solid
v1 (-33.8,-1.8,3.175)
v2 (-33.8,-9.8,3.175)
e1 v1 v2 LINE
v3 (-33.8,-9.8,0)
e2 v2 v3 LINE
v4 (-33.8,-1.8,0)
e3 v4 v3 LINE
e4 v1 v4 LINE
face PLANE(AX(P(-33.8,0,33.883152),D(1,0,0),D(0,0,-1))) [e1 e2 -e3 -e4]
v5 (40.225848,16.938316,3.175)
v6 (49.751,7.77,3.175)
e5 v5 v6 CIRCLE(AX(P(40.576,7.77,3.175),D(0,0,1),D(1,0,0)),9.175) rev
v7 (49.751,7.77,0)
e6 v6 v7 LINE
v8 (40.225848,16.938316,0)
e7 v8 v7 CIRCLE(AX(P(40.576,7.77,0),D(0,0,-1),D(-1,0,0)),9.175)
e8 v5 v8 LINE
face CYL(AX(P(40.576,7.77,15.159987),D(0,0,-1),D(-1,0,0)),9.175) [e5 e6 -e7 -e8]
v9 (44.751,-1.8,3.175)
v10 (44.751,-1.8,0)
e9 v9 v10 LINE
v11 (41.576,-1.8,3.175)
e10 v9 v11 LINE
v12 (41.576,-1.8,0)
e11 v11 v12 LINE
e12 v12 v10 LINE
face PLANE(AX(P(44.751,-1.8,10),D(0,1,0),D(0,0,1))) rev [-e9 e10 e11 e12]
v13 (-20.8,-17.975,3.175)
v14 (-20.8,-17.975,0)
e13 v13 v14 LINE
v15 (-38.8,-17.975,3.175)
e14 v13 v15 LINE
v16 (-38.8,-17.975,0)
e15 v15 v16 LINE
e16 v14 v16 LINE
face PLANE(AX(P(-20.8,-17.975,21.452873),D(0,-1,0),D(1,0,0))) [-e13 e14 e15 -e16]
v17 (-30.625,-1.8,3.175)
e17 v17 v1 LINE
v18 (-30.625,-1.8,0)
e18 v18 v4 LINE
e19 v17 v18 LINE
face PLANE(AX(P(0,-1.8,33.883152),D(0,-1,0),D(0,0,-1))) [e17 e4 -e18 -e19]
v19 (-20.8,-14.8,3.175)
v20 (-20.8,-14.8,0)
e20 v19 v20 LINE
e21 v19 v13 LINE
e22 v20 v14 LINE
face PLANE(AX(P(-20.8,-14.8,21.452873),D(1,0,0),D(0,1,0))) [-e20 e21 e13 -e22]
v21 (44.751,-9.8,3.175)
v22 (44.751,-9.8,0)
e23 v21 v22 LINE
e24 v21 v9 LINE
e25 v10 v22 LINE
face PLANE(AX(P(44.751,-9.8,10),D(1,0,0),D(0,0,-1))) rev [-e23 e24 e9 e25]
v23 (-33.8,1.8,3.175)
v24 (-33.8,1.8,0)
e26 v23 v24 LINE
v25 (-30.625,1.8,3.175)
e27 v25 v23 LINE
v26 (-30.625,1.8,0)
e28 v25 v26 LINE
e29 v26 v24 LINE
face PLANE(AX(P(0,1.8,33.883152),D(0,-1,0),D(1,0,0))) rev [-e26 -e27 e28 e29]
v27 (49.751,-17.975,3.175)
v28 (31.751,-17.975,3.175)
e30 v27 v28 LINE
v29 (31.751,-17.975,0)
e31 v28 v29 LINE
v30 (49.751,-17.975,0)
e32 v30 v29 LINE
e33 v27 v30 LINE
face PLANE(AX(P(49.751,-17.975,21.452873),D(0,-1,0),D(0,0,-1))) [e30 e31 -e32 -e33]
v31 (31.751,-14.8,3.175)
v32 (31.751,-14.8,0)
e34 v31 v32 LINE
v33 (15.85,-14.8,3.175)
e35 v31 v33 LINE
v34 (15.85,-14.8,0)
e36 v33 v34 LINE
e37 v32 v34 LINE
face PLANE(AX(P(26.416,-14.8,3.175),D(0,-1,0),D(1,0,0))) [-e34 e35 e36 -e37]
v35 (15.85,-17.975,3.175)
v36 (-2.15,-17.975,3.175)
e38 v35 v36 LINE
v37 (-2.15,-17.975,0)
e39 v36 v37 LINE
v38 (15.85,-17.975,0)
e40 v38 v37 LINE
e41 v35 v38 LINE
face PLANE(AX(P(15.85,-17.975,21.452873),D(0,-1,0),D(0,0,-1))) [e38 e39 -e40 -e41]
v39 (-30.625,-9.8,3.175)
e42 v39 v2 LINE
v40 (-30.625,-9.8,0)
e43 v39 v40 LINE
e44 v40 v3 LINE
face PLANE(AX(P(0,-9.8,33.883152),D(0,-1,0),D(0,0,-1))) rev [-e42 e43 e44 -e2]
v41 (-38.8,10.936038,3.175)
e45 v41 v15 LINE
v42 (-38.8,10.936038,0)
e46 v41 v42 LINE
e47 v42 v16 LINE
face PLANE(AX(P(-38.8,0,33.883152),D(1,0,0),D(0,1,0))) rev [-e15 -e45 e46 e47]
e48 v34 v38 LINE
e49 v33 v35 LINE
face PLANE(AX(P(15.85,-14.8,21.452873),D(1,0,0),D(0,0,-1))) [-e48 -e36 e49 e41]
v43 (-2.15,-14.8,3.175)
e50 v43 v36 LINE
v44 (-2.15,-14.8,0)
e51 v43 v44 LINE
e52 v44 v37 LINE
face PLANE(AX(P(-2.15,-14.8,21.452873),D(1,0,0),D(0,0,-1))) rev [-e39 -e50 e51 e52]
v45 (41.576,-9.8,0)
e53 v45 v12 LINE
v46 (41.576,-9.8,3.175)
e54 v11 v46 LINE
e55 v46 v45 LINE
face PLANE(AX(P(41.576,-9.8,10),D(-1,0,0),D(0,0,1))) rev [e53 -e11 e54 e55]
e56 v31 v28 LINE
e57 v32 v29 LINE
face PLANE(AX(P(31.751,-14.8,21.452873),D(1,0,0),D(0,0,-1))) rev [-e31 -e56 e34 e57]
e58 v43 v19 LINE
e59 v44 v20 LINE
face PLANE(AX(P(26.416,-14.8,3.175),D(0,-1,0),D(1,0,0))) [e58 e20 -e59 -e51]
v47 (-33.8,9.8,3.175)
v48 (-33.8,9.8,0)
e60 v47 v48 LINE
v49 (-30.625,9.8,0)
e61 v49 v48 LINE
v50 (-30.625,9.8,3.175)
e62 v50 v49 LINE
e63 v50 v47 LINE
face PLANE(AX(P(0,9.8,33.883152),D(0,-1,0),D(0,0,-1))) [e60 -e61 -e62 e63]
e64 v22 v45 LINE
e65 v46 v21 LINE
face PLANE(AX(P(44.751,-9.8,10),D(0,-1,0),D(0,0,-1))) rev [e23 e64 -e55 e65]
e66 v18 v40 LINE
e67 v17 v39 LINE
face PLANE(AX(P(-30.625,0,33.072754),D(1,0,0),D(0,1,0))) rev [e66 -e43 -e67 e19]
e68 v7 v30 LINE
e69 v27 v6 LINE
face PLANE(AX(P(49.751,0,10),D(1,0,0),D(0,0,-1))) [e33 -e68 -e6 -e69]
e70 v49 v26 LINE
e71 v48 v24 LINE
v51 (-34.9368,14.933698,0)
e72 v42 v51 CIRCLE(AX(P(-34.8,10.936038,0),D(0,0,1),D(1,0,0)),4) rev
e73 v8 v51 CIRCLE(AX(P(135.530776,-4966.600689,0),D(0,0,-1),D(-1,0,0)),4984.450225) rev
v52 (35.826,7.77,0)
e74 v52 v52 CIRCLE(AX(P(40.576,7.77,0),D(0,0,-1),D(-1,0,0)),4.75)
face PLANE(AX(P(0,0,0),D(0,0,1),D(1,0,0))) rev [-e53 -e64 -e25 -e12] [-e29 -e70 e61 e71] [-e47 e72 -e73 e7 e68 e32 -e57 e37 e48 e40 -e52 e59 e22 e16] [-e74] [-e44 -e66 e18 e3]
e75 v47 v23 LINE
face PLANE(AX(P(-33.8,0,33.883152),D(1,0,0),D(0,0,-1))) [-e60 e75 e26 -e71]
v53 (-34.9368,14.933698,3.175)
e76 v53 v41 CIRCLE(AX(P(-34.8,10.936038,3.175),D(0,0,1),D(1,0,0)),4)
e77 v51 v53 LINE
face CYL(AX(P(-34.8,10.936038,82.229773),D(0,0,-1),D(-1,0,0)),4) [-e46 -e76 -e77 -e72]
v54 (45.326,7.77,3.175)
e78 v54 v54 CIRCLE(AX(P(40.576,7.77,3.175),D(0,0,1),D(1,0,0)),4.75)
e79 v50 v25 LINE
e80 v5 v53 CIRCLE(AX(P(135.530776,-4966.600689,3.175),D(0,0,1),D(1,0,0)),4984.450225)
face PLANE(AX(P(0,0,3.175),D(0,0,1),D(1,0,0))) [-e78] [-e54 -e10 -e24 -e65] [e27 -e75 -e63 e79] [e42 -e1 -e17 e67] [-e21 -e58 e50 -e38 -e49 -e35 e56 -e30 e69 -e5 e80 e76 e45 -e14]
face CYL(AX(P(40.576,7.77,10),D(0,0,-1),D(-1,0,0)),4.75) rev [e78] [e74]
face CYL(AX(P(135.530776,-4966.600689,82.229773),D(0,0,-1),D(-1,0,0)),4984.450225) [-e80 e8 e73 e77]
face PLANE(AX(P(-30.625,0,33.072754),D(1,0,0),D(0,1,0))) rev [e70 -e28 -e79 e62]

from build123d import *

# Parameters (mm, degrees)
SKETCH1_W            = 6.266
SKETCH1_H            = 19.6
SKETCH1_R            = 1.675
SKETCH1_W_2          = 52.832
SKETCH1_H_2          = 5
BOSS_EXTRUDE2_DEPTH  = 3.175
SKETCH3_W            = 30
SKETCH3_H            = 29.6
BOSS_EXTRUDE3_DEPTH  = 3.175
SKETCH4_R            = 4.75
CUT_EXTRUDE1_DEPTH   = 10
BOSS_EXTRUDE14_DEPTH = 3.175
CUT_EXTRUDE8_DEPTH   = 10
BOSS_EXTRUDE15_DEPTH = 3.175
BOSS_EXTRUDE16_DEPTH = 3.175
BOSS_EXTRUDE17_DEPTH = 3.175
FILLET5_R            = 4
SKETCH27_W           = 3.175
SKETCH27_H           = 8
CUT_EXTRUDE9_DEPTH   = 10
SKETCH28_W           = 18
SKETCH28_H           = 3.175
BOSS_EXTRUDE18_DEPTH = 3.175
SKETCH29_W           = 53.813797415
SKETCH29_H           = 23.475817665
BOSS_EXTRUDE19_DEPTH = 3.175


with BuildPart() as part:
    # Sketch1 → Boss-Extrude2 (new body)
    # profile 1 of 4: a face of its own
    with BuildSketch(Plane.XY):
        with Locations((-23.283, 0)):
            Rectangle(SKETCH1_W, SKETCH1_H)
        with Locations((-23.95, -4.974)):
            Circle(SKETCH1_R, mode=Mode.SUBTRACT)
        with Locations((-23.95, 4.974)):
            Circle(SKETCH1_R, mode=Mode.SUBTRACT)
    # profile 2 of 4: a face of its own
    with BuildSketch(Plane.XY):
        with Locations((23.283, 0)):
            Rectangle(SKETCH1_W, SKETCH1_H)
        with Locations((23.95, -4.974)):
            Circle(SKETCH1_R, mode=Mode.SUBTRACT)
        with Locations((23.95, 4.974)):
            Circle(SKETCH1_R, mode=Mode.SUBTRACT)
    # profile 3 of 4: a face of its own
    with BuildSketch(Plane.XY):
        with Locations((0, 12.3)):
            Rectangle(SKETCH1_W_2, SKETCH1_H_2)
    # profile 4 of 4: a face of its own
    with BuildSketch(Plane.XY):
        with Locations((0, -12.3)):
            Rectangle(SKETCH1_W_2, SKETCH1_H_2)
    extrude(amount=BOSS_EXTRUDE2_DEPTH)

    # Sketch3 → Boss-Extrude3 (add)
    with BuildSketch(Plane.XY.offset(3.175)):
        with Locations((41.416, 0)):
            Rectangle(SKETCH3_W, SKETCH3_H)
    extrude(amount=-BOSS_EXTRUDE3_DEPTH)

    # Sketch4 → Cut-Extrude1 (cut)
    with BuildSketch(Plane(origin=(0, 0, 0), x_dir=(-1, 0, 0), z_dir=(0, 0, -1))):
        with Locations((-40.576, 7.77)):
            Circle(SKETCH4_R)
    extrude(amount=-CUT_EXTRUDE1_DEPTH, mode=Mode.SUBTRACT)

    # Sketch22 → Boss-Extrude14 (add)
    with BuildSketch(Plane(origin=(0, 0, 0), x_dir=(-1, 0, 0), z_dir=(0, 0, -1))):
        with BuildLine():
            ThreePointArc((-34.680262133, 14.8), (-40.576, 16.945), (-46.471737867, 14.8))
            Line((-46.471737867, 14.8), (-34.680262133, 14.8))
        make_face()
    extrude(amount=-BOSS_EXTRUDE14_DEPTH)

    # Sketch23 → Cut-Extrude8 (cut)
    with BuildSketch(Plane(origin=(0, 0, 0), x_dir=(-1, 0, 0), z_dir=(0, 0, -1))):
        with BuildLine():
            Line((-49.751, -14.8), (-49.751, 7.77))
            ThreePointArc((-49.751, 7.77), (-48.890866804, 11.648609936), (-46.471737867, 14.8))
            Line((-46.471737867, 14.8), (-56.416, 14.8))
            Line((-56.416, 14.8), (-56.416, -14.8))
            Line((-56.416, -14.8), (-49.751, -14.8))
        make_face()
    extrude(amount=-CUT_EXTRUDE8_DEPTH, mode=Mode.SUBTRACT)

    # Sketch24 → Boss-Extrude15 (add)
    with BuildSketch(Plane(origin=(0, 0, 0), x_dir=(-1, 0, 0), z_dir=(0, 0, -1))):
        Polygon((30.625, 14.8), (26.416, 14.8), (26.416, -14.8), (27.751006616, -14.8), (30.625, -14.8), align=None)
    extrude(amount=-BOSS_EXTRUDE15_DEPTH)

    # Sketch25 → Boss-Extrude16 (add)
    with BuildSketch(Plane(origin=(0, 0, 0), x_dir=(-1, 0, 0), z_dir=(0, 0, -1))):
        Polygon((30.625, 14.8), (30.625, 9.8), (33.8, 9.8), (33.8, 1.8), (30.625, 1.8), (30.625, -1.8), (33.8, -1.8), (33.8, -9.8), (30.625, -9.8), (30.625, -14.8), (31.879074074, -14.8), (38.8, -14.8), (38.8, 14.8), align=None)
    extrude(amount=-BOSS_EXTRUDE16_DEPTH)

    # Sketch26 → Boss-Extrude17 (add)
    with BuildSketch(Plane(origin=(0, 0, 0), x_dir=(-1, 0, 0), z_dir=(0, 0, -1))):
        with BuildLine():
            ThreePointArc((-40.225848077, 16.938316019), (-37.275108655, 16.330650754), (-34.680262133, 14.8))
            Line((-34.680262133, 14.8), (38.8, 14.8))
            ThreePointArc((38.8, 14.8), (-0.708684686, 16.025831975), (-40.225848077, 16.938316019))
        make_face()
    extrude(amount=-BOSS_EXTRUDE17_DEPTH)

    # Fillet5
    fillet5_edges = [part.edges().sort_by_distance(p)[0] for p in [
        (-38.8, 14.8, 1.5875),
    ]]
    fillet(fillet5_edges, radius=FILLET5_R)

    # Sketch27 → Cut-Extrude9 (cut)
    with BuildSketch(Plane(origin=(0, 0, 0), x_dir=(-1, 0, 0), z_dir=(0, 0, -1))):
        with Locations((-43.1635, -5.8)):
            Rectangle(SKETCH27_W, SKETCH27_H)
    extrude(amount=-CUT_EXTRUDE9_DEPTH, mode=Mode.SUBTRACT)

    # Sketch28 → Boss-Extrude18 (add)
    with BuildSketch(Plane(origin=(0, 0, 0), x_dir=(-1, 0, 0), z_dir=(0, 0, -1))):
        with Locations((-40.751, -16.3875)):
            Rectangle(SKETCH28_W, SKETCH28_H)
        with Locations((-6.85, -16.3875)):
            Rectangle(SKETCH28_W, SKETCH28_H)
        with Locations((29.8, -16.3875)):
            Rectangle(SKETCH28_W, SKETCH28_H)
    extrude(amount=-BOSS_EXTRUDE18_DEPTH)

    # Sketch29 → Boss-Extrude19 (add)
    with BuildSketch(Plane(origin=(0, 0, 0), x_dir=(-1, 0, 0), z_dir=(0, 0, -1))):
        with Locations((0.393454416, 0.74908249)):
            Rectangle(SKETCH29_W, SKETCH29_H)
    extrude(amount=-BOSS_EXTRUDE19_DEPTH)


solid = part.part
